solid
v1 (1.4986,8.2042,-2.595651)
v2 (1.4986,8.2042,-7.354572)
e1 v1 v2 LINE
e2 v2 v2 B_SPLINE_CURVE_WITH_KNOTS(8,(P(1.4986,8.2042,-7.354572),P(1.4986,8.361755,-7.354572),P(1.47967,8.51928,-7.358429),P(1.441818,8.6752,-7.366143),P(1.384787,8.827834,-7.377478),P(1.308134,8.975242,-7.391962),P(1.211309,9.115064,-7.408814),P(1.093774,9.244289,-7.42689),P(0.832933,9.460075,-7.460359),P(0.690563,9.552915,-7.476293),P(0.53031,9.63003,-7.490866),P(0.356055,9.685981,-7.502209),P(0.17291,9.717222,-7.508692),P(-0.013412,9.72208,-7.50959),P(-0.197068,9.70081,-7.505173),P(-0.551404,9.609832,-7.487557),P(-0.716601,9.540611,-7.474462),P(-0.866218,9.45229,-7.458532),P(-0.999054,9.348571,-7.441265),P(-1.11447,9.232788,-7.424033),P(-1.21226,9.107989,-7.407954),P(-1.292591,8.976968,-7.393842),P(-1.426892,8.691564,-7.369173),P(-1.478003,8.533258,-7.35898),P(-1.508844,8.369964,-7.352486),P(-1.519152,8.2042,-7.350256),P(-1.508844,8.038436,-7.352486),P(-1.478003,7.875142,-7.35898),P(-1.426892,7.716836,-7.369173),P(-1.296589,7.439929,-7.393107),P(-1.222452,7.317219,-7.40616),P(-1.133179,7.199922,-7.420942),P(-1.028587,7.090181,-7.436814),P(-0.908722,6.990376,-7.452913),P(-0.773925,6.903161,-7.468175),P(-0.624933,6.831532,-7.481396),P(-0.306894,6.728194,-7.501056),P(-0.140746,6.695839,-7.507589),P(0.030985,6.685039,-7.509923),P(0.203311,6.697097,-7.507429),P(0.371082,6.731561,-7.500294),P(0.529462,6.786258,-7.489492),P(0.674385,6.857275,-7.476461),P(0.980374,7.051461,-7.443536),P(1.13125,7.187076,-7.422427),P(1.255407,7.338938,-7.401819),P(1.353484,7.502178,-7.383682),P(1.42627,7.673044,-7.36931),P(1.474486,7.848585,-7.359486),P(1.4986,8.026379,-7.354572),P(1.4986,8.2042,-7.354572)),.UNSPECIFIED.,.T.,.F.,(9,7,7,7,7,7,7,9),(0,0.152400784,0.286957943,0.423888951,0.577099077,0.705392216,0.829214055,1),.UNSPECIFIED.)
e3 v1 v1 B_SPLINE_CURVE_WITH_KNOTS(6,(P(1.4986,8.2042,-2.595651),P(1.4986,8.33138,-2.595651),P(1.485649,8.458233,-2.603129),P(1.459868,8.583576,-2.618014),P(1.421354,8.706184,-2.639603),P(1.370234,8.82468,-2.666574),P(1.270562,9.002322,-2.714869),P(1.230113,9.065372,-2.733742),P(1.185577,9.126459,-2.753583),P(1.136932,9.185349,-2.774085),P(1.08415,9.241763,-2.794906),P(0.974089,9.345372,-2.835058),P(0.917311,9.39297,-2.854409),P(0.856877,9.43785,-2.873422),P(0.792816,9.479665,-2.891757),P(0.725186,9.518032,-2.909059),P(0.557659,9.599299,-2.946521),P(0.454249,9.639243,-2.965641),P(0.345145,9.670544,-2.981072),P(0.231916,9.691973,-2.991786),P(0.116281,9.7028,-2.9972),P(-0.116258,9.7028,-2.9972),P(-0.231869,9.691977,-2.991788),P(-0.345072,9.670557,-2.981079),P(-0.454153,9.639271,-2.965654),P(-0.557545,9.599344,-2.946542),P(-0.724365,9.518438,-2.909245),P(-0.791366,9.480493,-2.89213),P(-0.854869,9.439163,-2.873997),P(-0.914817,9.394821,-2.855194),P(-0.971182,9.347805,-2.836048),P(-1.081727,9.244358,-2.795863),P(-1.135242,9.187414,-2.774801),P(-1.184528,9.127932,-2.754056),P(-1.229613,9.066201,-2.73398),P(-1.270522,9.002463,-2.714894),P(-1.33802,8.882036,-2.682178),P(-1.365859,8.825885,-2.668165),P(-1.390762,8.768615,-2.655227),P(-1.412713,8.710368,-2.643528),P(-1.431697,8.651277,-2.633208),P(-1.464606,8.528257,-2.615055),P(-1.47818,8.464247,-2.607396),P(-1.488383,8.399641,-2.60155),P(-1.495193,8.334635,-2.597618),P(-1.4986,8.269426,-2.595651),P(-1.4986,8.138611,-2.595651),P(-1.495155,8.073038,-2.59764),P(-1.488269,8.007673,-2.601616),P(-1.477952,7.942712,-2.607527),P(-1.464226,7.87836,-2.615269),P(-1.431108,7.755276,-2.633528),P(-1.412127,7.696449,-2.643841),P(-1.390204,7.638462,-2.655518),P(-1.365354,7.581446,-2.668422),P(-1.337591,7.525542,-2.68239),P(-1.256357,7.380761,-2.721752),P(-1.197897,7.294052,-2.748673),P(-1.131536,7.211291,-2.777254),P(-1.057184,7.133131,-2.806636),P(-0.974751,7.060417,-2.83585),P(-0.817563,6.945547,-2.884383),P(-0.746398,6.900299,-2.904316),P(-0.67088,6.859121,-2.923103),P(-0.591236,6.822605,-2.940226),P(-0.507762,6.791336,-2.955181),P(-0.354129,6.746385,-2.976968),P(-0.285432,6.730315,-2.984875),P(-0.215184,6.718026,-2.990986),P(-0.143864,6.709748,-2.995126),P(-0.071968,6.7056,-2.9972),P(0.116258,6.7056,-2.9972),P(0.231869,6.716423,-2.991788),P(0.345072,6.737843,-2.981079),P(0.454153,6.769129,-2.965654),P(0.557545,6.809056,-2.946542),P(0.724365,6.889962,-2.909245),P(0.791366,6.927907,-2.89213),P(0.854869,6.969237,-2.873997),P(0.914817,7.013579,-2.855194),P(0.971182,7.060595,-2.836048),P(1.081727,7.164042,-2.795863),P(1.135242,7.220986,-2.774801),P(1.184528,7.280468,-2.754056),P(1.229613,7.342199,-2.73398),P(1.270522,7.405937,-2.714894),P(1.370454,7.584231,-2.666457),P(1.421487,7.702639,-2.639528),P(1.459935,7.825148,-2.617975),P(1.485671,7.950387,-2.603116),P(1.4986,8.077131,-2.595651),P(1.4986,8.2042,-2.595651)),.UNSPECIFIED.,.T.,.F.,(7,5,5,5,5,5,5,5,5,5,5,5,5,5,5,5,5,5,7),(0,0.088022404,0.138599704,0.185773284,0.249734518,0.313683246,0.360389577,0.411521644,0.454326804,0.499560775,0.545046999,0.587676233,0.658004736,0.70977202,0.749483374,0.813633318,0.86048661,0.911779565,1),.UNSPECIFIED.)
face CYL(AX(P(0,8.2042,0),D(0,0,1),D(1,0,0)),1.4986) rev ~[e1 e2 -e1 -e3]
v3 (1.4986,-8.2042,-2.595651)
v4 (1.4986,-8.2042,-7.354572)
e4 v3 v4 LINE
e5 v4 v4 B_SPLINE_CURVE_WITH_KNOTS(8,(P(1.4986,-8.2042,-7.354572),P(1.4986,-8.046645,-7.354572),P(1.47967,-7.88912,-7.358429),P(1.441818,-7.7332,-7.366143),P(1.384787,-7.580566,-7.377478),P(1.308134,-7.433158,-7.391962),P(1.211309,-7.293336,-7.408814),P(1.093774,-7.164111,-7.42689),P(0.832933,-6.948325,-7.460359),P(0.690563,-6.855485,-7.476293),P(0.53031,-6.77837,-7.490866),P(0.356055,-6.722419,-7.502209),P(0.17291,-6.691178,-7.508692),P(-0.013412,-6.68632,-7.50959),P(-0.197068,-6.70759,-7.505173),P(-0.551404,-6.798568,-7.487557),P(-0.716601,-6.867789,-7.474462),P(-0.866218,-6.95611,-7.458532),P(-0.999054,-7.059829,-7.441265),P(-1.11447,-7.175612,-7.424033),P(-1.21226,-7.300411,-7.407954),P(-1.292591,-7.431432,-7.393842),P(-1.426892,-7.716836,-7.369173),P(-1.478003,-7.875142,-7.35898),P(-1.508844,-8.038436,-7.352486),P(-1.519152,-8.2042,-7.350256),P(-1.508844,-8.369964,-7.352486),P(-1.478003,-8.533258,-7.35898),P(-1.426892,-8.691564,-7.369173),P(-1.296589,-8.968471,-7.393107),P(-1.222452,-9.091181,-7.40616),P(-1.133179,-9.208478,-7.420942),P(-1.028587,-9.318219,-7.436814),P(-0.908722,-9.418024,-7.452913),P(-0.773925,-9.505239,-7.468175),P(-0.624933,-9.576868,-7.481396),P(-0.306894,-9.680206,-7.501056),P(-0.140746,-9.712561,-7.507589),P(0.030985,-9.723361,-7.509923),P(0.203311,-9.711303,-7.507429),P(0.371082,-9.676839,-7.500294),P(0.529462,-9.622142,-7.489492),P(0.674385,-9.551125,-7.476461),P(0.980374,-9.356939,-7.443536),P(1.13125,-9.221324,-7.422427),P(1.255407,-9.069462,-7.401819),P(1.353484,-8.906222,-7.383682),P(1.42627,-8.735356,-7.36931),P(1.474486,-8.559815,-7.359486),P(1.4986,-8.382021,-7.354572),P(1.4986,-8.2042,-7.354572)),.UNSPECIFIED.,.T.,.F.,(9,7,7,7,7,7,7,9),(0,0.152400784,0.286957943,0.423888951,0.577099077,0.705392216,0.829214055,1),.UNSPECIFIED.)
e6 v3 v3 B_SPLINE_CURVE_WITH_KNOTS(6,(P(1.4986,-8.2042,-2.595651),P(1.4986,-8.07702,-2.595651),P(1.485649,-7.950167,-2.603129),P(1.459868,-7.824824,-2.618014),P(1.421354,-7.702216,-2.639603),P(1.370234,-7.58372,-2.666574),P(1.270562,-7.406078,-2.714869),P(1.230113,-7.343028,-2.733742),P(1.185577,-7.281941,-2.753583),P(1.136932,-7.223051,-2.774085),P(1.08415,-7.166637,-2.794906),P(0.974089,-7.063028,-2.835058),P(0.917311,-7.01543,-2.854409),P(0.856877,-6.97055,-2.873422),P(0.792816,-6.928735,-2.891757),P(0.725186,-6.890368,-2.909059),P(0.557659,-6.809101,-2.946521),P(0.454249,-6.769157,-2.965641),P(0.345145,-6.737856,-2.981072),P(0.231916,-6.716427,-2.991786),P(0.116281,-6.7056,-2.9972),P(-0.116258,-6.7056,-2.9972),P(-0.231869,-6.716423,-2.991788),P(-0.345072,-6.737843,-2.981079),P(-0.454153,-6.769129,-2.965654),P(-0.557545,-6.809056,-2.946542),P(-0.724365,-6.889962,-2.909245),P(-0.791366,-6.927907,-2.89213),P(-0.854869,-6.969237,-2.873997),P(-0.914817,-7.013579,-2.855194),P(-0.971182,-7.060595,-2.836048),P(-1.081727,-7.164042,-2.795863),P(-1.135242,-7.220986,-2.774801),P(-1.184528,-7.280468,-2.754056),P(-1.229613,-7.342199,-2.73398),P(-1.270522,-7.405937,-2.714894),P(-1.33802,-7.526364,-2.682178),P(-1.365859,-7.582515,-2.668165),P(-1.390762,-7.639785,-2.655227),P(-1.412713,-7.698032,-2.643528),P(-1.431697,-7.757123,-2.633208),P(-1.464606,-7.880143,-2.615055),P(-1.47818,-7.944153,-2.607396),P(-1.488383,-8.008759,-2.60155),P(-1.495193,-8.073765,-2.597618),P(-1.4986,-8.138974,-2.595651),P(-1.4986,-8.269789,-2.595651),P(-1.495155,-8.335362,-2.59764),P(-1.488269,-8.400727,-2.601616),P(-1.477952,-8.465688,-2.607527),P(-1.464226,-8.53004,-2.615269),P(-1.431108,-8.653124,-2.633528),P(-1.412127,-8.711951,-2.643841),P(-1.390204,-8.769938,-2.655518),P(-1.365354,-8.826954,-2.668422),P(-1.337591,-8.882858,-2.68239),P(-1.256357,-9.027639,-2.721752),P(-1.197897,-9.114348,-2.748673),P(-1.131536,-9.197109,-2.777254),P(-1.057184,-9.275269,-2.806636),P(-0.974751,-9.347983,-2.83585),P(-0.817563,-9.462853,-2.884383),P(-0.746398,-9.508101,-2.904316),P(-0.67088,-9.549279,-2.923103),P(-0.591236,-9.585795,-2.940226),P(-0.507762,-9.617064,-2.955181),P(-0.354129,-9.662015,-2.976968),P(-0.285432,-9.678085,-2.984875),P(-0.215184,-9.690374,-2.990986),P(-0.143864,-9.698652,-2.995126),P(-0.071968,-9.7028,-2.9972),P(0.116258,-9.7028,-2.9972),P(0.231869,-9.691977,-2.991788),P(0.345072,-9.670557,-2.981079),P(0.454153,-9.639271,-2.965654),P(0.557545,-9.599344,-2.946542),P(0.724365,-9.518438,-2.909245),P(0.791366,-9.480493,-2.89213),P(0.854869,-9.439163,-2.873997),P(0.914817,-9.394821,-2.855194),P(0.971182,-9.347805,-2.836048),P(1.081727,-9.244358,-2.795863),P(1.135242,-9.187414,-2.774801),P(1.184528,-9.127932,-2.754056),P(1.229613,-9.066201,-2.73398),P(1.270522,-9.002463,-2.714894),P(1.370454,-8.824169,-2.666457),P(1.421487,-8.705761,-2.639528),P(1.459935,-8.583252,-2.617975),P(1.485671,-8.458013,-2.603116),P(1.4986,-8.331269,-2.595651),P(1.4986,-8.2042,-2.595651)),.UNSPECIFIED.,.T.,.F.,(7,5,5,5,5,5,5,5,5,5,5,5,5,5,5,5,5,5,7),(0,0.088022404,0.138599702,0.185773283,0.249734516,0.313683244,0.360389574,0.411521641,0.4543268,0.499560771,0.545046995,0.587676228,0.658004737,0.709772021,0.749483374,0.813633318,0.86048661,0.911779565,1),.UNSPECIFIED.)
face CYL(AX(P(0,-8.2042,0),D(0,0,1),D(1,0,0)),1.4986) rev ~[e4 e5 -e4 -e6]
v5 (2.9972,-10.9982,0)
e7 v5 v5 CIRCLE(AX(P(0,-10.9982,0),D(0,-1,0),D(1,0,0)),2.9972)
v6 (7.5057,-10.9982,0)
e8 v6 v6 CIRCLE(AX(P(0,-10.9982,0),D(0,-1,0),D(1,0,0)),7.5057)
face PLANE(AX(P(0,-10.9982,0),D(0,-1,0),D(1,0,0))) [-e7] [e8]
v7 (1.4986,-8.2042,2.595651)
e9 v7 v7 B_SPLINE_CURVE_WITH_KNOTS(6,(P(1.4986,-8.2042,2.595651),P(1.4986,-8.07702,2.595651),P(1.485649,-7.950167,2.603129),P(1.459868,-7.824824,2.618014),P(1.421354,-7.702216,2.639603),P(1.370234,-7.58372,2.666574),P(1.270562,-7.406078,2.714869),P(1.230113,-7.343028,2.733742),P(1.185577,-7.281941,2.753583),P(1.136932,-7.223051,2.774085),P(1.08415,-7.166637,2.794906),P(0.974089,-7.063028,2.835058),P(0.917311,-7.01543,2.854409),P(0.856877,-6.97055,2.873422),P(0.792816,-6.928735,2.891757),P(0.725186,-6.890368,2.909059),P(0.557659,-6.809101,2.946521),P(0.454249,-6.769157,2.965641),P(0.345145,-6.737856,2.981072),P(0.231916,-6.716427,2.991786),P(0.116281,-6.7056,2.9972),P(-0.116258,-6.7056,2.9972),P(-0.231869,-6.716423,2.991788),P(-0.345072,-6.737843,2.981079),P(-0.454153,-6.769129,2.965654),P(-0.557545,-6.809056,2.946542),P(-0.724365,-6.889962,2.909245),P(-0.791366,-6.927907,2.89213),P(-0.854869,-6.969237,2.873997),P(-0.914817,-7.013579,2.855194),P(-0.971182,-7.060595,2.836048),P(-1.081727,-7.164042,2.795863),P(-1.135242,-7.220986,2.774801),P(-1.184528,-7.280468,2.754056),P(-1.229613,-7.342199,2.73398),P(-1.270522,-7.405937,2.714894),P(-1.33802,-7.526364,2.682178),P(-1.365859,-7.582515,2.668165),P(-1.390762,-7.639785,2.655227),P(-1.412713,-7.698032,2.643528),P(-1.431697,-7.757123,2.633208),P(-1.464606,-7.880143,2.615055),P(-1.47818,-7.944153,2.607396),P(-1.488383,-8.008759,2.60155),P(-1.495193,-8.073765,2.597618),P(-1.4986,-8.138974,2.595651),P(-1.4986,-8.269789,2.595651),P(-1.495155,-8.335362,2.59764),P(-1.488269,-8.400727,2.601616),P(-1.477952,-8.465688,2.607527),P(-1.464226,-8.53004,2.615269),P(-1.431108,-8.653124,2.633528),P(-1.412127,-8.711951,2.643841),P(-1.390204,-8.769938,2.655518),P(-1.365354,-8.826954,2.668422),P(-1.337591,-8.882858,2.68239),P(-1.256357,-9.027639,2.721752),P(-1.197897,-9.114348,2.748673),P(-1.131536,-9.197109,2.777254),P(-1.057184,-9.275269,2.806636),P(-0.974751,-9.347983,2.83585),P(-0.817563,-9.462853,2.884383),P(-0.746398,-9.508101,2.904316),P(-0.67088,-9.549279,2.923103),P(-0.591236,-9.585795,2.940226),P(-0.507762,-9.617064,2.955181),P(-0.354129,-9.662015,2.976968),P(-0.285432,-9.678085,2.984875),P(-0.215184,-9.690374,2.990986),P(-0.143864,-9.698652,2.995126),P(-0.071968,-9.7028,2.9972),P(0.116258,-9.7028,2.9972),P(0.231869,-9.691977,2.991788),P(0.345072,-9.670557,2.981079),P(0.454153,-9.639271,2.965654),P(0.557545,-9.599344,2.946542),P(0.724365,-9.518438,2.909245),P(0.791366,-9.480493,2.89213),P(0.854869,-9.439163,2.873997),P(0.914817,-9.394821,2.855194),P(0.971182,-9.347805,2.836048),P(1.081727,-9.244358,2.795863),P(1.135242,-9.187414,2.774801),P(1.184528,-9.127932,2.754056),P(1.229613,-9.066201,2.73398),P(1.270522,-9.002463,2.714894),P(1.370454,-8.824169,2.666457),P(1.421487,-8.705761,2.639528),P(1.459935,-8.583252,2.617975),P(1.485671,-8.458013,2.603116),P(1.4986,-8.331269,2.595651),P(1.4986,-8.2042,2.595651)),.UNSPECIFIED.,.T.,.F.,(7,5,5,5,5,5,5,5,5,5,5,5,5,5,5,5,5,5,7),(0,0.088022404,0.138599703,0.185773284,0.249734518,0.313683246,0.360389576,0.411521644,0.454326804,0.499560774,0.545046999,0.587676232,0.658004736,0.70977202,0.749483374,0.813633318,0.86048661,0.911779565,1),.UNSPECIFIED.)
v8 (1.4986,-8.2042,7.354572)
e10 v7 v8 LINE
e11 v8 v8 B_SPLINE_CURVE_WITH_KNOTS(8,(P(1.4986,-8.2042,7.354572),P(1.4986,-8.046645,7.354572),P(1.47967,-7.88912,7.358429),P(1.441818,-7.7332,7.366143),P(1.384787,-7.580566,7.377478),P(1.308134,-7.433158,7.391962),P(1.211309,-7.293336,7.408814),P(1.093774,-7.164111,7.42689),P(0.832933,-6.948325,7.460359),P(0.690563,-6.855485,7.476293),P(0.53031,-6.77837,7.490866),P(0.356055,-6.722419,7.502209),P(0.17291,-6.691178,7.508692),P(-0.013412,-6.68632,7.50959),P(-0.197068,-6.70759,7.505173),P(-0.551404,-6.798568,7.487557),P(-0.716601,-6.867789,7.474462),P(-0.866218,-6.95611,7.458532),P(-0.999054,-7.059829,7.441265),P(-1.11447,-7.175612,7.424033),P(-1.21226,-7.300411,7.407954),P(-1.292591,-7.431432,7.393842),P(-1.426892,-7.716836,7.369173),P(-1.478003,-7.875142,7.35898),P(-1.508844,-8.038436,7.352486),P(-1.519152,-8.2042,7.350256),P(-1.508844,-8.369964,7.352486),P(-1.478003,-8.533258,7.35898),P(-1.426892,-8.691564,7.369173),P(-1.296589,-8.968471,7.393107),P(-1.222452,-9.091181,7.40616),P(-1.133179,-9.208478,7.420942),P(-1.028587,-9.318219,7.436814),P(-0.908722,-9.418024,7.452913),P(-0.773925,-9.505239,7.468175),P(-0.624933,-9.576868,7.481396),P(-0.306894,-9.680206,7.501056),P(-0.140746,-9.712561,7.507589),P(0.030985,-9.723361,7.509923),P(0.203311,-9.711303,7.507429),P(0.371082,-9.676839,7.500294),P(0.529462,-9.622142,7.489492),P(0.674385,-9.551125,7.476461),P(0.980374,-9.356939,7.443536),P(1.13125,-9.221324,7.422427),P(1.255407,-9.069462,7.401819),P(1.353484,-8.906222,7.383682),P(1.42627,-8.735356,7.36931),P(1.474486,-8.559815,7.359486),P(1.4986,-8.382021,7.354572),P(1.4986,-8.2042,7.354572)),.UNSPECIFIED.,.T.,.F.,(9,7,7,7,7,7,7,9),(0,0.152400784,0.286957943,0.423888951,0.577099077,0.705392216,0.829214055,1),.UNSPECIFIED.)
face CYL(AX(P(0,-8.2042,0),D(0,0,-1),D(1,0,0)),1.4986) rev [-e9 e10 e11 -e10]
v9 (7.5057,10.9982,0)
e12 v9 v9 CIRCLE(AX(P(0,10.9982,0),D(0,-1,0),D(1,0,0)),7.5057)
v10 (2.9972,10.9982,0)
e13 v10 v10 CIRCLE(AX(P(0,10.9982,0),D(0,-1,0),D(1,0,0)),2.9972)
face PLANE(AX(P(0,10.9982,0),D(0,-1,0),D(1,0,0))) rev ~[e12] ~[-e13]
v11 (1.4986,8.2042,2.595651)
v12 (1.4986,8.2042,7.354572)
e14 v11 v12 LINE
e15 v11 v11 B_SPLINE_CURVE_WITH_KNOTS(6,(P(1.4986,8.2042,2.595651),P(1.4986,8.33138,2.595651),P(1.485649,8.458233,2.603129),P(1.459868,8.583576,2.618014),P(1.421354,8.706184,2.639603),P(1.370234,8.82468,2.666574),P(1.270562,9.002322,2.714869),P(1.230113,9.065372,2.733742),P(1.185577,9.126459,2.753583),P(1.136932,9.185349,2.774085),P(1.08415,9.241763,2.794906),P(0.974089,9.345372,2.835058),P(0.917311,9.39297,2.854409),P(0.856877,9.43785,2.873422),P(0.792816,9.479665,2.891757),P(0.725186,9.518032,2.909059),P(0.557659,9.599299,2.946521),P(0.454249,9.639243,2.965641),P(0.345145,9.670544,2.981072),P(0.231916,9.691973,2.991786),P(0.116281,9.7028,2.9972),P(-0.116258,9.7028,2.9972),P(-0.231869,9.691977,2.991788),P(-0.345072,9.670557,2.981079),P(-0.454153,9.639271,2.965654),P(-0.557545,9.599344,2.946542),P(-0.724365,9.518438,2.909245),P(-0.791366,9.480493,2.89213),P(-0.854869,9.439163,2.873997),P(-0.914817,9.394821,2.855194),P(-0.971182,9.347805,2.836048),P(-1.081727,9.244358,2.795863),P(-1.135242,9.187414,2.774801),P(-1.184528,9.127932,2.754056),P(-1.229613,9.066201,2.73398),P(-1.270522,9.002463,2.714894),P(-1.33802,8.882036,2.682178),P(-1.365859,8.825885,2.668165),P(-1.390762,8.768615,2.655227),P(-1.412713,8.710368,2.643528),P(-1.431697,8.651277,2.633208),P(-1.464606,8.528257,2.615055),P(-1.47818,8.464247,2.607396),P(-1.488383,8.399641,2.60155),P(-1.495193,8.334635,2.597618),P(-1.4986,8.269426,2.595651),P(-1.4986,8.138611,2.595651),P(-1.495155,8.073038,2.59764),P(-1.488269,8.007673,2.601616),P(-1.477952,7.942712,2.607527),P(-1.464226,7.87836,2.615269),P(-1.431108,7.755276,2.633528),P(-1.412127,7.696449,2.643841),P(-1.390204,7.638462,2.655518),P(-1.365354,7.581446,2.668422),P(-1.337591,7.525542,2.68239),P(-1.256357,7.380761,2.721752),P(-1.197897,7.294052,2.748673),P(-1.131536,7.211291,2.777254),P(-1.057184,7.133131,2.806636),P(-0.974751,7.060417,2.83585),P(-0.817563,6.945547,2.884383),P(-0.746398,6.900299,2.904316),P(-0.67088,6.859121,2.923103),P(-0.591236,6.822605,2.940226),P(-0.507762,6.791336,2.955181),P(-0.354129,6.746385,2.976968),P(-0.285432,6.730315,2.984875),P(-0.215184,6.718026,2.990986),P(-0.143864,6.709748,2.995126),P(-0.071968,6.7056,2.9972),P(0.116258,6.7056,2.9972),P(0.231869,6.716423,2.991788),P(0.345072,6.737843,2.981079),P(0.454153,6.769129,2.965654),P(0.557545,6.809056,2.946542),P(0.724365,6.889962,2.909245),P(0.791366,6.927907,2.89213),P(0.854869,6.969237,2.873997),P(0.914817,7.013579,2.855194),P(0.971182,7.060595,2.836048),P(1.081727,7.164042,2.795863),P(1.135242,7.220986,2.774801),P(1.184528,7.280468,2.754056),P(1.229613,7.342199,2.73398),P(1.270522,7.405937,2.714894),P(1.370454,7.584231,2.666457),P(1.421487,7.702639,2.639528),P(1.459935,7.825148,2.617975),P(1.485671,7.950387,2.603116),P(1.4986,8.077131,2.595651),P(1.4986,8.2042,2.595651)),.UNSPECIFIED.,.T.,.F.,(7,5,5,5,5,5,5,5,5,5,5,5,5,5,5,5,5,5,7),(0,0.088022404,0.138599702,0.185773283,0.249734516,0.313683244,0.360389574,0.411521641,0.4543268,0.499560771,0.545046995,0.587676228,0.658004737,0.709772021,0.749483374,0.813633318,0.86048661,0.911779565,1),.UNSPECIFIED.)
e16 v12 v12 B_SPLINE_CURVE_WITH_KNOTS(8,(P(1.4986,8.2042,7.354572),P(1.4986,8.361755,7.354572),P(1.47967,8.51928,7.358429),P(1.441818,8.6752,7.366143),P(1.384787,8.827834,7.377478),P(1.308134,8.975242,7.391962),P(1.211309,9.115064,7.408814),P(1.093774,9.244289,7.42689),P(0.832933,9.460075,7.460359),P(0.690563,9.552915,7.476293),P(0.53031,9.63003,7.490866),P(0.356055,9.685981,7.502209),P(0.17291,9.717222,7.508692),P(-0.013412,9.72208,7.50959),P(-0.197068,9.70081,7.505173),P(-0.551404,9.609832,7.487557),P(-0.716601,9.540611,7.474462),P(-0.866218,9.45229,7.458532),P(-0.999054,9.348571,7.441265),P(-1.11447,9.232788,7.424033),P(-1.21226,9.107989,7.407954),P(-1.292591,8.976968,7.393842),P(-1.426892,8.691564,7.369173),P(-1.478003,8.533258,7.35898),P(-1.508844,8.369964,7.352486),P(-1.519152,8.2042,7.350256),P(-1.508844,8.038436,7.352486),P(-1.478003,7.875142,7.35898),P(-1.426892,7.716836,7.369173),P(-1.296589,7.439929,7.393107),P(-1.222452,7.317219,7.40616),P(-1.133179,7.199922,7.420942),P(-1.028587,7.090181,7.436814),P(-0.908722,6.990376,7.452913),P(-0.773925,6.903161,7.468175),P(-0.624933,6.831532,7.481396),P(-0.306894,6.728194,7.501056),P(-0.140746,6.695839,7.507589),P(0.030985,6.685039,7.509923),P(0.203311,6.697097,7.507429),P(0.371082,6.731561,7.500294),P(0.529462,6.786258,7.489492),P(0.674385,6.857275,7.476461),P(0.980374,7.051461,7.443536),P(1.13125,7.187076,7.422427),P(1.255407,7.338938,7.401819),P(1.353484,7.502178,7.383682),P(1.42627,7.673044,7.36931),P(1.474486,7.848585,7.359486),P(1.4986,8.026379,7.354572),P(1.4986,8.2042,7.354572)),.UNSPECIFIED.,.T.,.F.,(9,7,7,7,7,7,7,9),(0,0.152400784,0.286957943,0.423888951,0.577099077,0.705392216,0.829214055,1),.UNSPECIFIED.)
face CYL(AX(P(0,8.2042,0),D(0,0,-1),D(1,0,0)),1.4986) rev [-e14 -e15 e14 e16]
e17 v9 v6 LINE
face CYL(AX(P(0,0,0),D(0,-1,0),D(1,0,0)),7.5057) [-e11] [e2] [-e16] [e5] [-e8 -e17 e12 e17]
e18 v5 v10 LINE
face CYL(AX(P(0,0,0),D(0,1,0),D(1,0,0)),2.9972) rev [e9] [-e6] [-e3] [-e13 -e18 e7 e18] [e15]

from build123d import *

# Parameters (mm, degrees)
F0_R          = 7.5057
F0_R_2        = 2.9972
F1_DEPTH      = 10.9982
F2_R          = 1.4986
F3_DEPTH      = 7.5067
F3_DEPTH_BACK = 7.5067


with BuildPart() as f1:
    # F0 (on Front) → F1 (new body, symmetric)
    with BuildSketch(Plane.XZ):
        Circle(F0_R)
        Circle(F0_R_2, mode=Mode.SUBTRACT)
    extrude(amount=F1_DEPTH, both=True)

    # F2 (on Top) → F3 (cut, two sides)
    with BuildSketch(Plane.XY) as f3_sk:
        with Locations((0, 8.2042)):
            Circle(F2_R)
        with Locations((0, -8.2042)):
            Circle(F2_R)
    extrude(amount=F3_DEPTH, mode=Mode.SUBTRACT)
    extrude(f3_sk.sketch, amount=-F3_DEPTH_BACK, mode=Mode.SUBTRACT)


solid = f1.part
